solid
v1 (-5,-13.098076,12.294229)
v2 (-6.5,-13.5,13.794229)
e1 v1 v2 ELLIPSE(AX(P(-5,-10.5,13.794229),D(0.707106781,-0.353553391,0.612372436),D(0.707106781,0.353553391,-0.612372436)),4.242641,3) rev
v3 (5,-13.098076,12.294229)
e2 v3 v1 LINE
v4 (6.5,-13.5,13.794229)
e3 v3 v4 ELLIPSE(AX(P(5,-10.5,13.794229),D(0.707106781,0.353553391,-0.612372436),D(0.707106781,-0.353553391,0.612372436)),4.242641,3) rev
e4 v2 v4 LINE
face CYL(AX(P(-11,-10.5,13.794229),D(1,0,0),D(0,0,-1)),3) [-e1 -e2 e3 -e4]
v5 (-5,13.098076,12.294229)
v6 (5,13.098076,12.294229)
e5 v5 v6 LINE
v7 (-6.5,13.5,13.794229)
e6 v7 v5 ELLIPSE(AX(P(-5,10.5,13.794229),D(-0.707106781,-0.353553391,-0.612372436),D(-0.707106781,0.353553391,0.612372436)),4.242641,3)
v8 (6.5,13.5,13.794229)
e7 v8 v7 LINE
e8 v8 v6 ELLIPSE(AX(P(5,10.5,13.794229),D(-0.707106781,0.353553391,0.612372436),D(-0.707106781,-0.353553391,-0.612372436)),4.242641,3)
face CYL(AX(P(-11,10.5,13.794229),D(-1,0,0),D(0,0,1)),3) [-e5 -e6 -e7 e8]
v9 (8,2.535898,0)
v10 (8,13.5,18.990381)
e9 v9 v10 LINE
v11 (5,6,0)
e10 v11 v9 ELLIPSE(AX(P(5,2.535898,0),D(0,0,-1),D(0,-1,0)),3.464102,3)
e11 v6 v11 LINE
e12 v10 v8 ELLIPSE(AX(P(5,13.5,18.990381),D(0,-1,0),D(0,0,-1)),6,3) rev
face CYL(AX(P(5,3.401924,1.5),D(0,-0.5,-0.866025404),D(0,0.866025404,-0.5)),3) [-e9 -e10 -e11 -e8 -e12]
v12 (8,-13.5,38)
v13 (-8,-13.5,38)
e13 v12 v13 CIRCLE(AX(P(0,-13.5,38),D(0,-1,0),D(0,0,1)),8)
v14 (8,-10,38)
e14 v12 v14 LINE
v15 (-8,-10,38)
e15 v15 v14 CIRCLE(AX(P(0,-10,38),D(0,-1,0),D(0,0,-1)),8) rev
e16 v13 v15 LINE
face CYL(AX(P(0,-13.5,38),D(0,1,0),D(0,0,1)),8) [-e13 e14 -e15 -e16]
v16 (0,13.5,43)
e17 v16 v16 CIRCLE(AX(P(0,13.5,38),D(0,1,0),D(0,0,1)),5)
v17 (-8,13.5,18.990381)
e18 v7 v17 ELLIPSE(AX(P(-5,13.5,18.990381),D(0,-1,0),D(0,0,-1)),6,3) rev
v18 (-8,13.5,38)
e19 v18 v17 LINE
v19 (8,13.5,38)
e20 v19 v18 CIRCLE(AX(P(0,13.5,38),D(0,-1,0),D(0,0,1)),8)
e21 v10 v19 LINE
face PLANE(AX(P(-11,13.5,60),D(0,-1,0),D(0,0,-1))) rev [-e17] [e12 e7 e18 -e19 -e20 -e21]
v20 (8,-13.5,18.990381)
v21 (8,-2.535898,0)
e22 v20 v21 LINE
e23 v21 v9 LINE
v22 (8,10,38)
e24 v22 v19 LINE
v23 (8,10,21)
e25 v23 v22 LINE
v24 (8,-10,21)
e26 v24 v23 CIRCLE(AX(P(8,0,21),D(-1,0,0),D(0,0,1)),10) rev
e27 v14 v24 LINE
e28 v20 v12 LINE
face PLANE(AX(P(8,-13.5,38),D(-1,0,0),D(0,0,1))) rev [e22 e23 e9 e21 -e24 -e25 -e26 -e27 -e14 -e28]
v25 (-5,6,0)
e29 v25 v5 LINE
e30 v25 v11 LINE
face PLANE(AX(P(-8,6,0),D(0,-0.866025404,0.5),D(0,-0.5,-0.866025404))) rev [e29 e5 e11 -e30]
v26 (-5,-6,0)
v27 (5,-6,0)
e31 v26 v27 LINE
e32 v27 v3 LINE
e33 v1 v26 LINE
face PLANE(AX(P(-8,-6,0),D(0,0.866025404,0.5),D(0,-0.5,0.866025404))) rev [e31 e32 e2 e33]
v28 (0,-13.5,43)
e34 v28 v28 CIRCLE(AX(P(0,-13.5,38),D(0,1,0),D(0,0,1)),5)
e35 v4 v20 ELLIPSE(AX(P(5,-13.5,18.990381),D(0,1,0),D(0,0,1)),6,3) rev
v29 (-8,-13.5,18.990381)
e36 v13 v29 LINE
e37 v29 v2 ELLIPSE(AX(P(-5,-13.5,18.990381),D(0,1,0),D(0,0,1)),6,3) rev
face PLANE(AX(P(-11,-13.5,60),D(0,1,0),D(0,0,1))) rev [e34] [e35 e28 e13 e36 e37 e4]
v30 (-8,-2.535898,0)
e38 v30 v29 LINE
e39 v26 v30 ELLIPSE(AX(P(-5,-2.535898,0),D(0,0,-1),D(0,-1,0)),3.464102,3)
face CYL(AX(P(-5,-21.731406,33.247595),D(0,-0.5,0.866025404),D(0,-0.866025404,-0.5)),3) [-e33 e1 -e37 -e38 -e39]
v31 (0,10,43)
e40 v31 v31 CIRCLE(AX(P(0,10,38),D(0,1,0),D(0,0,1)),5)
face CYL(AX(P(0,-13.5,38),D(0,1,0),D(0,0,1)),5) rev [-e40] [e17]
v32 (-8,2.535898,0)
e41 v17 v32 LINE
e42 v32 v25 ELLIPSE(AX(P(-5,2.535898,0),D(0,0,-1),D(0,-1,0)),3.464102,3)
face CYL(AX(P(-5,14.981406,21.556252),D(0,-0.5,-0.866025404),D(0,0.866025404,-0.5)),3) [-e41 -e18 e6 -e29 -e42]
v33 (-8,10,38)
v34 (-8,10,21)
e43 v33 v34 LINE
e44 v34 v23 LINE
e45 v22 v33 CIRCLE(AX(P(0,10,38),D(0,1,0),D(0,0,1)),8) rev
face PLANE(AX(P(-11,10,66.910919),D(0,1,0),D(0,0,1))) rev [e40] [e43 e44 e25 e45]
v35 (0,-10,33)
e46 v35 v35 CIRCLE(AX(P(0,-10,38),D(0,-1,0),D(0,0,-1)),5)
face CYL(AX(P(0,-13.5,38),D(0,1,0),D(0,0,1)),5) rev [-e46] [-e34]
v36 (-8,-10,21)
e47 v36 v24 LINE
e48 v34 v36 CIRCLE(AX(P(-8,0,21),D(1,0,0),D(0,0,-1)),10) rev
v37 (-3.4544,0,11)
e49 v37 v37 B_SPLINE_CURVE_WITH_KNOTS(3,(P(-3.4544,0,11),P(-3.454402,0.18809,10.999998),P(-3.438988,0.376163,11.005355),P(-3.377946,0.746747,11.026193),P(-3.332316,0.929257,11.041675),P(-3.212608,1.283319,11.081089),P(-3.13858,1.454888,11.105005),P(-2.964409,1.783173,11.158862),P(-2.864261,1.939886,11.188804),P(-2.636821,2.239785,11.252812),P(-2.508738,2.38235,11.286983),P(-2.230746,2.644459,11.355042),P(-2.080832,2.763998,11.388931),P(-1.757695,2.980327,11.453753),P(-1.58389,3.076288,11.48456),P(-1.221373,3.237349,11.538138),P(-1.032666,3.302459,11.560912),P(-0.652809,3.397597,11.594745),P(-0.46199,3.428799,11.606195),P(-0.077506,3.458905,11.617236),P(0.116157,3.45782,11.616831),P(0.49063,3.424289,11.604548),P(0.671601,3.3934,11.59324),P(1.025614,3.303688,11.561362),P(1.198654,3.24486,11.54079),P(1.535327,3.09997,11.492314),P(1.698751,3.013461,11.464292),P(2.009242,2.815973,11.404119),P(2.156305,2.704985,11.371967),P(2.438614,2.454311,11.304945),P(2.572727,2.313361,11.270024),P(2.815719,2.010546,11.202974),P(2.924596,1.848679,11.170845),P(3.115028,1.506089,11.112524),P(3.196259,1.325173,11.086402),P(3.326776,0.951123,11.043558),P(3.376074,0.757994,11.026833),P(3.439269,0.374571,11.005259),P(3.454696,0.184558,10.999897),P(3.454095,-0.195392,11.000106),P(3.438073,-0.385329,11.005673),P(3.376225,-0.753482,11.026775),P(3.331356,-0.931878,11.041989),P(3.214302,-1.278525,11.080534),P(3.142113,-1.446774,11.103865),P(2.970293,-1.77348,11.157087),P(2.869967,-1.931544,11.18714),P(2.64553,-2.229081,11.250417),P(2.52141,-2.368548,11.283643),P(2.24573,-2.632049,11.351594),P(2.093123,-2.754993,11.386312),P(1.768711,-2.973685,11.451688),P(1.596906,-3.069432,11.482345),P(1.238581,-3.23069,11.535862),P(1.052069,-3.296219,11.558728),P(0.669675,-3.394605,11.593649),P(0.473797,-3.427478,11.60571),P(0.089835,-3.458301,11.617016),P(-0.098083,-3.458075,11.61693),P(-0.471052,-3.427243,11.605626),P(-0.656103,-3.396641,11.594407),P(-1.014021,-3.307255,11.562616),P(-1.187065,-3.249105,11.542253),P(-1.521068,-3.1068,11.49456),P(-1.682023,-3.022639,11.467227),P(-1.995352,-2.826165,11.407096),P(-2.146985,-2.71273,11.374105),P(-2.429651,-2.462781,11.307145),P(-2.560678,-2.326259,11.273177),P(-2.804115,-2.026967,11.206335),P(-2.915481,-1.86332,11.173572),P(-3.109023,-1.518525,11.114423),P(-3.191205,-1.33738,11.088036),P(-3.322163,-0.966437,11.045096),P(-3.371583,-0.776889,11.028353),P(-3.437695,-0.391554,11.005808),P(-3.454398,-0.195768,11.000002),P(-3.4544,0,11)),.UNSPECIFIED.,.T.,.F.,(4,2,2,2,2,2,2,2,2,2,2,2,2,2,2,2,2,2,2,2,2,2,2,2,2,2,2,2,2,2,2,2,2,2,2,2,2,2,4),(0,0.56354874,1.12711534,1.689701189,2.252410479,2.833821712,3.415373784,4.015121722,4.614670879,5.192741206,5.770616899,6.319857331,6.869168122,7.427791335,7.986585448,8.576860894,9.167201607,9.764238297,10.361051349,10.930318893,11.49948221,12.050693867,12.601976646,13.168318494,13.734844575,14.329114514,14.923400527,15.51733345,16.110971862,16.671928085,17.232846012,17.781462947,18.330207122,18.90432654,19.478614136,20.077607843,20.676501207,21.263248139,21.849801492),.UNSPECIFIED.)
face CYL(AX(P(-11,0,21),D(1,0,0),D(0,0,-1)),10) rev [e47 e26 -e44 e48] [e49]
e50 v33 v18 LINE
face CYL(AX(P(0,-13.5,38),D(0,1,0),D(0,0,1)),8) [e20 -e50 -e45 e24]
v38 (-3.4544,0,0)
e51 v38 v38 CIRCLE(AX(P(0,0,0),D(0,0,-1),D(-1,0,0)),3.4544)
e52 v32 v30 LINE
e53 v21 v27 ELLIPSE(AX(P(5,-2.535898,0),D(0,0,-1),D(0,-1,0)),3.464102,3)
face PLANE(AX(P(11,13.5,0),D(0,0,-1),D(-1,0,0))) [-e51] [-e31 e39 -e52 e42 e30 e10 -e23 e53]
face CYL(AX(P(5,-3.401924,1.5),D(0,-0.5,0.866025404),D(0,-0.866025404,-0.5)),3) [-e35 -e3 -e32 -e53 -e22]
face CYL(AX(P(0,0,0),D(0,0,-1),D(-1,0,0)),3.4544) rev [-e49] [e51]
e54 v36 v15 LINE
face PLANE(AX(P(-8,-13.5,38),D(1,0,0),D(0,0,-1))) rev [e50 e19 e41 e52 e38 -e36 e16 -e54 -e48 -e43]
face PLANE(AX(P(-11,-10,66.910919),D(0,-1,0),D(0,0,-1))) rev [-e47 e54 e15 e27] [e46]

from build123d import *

# Parameters (mm, degrees)
SKETCH1_W                = 22
SKETCH1_H                = 27
EXTRUDE1_DEPTH           = 60
EXTRUDE2_DEPTH           = 12
EXTRUDE2_DEPTH_BACK      = 12
SKETCH3_R                = 5
EXTRUDE3_DEPTH           = 14.5
EXTRUDE3_DEPTH_BACK      = 14.5
F_5_16_24_TAPPED_HOLE2_D = 6.9088
CUT_EXTRUDE1_DEPTH       = 9.0000001
CUT_EXTRUDE1_DEPTH_BACK  = 9.0000001
FILLET2_R                = 3


with BuildPart() as part:
    # Sketch1 → Extrude1 (new body)
    with BuildSketch(Plane.XY):
        Rectangle(SKETCH1_W, SKETCH1_H)
    extrude(amount=EXTRUDE1_DEPTH)

    # Sketch2 → Extrude2 (cut, two sides)
    with BuildSketch(Plane(origin=(0, 0, 0), x_dir=(0, 0, -1), z_dir=(1, 0, 0))) as extrude2_sk:
        with BuildLine():
            Line((-66.910918786, 10), (-21, 10))
            ThreePointArc((-21, 10), (-11, 0), (-21, -10))
            Line((-21, -10), (-66.910918786, -10))
            Line((-66.910918786, -10), (-66.910918786, 10))
        make_face()
    extrude(amount=EXTRUDE2_DEPTH, mode=Mode.SUBTRACT)
    extrude(extrude2_sk.sketch, amount=-EXTRUDE2_DEPTH_BACK, mode=Mode.SUBTRACT)

    # Sketch3 → Extrude3 (cut, two sides)
    with BuildSketch(Plane(origin=(0, 0, 0), x_dir=(1, 0, 0), z_dir=(0, 1, 0))) as extrude3_sk:
        with Locations((0, -38)):
            Circle(SKETCH3_R)
        with BuildLine():
            Line((-8, -38), (-8, 11.717299326))
            Line((-8, 11.717299326), (-29.903870298, 11.717299326))
            Line((-29.903870298, 11.717299326), (-29.903870298, -74.658770221))
            Line((-29.903870298, -74.658770221), (37.768949852, -74.658770221))
            Line((37.768949852, -74.658770221), (37.768949852, 11.717299326))
            Line((37.768949852, 11.717299326), (8, 11.717299326))
            Line((8, 11.717299326), (8, -38))
            ThreePointArc((8, -38), (0, -46), (-8, -38))
        make_face()
    extrude(amount=EXTRUDE3_DEPTH, mode=Mode.SUBTRACT)
    extrude(extrude3_sk.sketch, amount=-EXTRUDE3_DEPTH_BACK, mode=Mode.SUBTRACT)

    # 5_16-24 Tapped Hole2 (through all)
    with Locations(Plane(origin=(0, 0, 0), x_dir=(-1, 0, 0), z_dir=(0, 0, -1))):
        with Locations((0, 0)):
            Hole(F_5_16_24_TAPPED_HOLE2_D / 2)

    # Sketch8 → Cut-Extrude1 (cut, two sides)
    with BuildSketch(Plane(origin=(0, 0, 0), x_dir=(0, 0, -1), z_dir=(1, 0, 0))) as cut_extrude1_sk:
        Polygon((0, -6), (0, 6), (-17.643434352, 16.186441572), (9.090258644, 16.186441572), (9.090258644, -16.186441572), (-17.643434352, -16.186441572), align=None)
    extrude(amount=CUT_EXTRUDE1_DEPTH, mode=Mode.SUBTRACT)
    extrude(cut_extrude1_sk.sketch, amount=-CUT_EXTRUDE1_DEPTH_BACK, mode=Mode.SUBTRACT)

    # Fillet2
    fillet2_edges = [part.edges().sort_by_distance(p)[0] for p in [
        (-8, 9.75, 6.495190528),
        (8, 9.75, 6.495190528),
        (8, -9.75, 6.495190528),
        (0, 13.5, 12.990381057),
        (-8, -9.75, 6.495190528),
        (0, -13.5, 12.990381057),
    ]]
    fillet(fillet2_edges, radius=FILLET2_R)


solid = part.part
